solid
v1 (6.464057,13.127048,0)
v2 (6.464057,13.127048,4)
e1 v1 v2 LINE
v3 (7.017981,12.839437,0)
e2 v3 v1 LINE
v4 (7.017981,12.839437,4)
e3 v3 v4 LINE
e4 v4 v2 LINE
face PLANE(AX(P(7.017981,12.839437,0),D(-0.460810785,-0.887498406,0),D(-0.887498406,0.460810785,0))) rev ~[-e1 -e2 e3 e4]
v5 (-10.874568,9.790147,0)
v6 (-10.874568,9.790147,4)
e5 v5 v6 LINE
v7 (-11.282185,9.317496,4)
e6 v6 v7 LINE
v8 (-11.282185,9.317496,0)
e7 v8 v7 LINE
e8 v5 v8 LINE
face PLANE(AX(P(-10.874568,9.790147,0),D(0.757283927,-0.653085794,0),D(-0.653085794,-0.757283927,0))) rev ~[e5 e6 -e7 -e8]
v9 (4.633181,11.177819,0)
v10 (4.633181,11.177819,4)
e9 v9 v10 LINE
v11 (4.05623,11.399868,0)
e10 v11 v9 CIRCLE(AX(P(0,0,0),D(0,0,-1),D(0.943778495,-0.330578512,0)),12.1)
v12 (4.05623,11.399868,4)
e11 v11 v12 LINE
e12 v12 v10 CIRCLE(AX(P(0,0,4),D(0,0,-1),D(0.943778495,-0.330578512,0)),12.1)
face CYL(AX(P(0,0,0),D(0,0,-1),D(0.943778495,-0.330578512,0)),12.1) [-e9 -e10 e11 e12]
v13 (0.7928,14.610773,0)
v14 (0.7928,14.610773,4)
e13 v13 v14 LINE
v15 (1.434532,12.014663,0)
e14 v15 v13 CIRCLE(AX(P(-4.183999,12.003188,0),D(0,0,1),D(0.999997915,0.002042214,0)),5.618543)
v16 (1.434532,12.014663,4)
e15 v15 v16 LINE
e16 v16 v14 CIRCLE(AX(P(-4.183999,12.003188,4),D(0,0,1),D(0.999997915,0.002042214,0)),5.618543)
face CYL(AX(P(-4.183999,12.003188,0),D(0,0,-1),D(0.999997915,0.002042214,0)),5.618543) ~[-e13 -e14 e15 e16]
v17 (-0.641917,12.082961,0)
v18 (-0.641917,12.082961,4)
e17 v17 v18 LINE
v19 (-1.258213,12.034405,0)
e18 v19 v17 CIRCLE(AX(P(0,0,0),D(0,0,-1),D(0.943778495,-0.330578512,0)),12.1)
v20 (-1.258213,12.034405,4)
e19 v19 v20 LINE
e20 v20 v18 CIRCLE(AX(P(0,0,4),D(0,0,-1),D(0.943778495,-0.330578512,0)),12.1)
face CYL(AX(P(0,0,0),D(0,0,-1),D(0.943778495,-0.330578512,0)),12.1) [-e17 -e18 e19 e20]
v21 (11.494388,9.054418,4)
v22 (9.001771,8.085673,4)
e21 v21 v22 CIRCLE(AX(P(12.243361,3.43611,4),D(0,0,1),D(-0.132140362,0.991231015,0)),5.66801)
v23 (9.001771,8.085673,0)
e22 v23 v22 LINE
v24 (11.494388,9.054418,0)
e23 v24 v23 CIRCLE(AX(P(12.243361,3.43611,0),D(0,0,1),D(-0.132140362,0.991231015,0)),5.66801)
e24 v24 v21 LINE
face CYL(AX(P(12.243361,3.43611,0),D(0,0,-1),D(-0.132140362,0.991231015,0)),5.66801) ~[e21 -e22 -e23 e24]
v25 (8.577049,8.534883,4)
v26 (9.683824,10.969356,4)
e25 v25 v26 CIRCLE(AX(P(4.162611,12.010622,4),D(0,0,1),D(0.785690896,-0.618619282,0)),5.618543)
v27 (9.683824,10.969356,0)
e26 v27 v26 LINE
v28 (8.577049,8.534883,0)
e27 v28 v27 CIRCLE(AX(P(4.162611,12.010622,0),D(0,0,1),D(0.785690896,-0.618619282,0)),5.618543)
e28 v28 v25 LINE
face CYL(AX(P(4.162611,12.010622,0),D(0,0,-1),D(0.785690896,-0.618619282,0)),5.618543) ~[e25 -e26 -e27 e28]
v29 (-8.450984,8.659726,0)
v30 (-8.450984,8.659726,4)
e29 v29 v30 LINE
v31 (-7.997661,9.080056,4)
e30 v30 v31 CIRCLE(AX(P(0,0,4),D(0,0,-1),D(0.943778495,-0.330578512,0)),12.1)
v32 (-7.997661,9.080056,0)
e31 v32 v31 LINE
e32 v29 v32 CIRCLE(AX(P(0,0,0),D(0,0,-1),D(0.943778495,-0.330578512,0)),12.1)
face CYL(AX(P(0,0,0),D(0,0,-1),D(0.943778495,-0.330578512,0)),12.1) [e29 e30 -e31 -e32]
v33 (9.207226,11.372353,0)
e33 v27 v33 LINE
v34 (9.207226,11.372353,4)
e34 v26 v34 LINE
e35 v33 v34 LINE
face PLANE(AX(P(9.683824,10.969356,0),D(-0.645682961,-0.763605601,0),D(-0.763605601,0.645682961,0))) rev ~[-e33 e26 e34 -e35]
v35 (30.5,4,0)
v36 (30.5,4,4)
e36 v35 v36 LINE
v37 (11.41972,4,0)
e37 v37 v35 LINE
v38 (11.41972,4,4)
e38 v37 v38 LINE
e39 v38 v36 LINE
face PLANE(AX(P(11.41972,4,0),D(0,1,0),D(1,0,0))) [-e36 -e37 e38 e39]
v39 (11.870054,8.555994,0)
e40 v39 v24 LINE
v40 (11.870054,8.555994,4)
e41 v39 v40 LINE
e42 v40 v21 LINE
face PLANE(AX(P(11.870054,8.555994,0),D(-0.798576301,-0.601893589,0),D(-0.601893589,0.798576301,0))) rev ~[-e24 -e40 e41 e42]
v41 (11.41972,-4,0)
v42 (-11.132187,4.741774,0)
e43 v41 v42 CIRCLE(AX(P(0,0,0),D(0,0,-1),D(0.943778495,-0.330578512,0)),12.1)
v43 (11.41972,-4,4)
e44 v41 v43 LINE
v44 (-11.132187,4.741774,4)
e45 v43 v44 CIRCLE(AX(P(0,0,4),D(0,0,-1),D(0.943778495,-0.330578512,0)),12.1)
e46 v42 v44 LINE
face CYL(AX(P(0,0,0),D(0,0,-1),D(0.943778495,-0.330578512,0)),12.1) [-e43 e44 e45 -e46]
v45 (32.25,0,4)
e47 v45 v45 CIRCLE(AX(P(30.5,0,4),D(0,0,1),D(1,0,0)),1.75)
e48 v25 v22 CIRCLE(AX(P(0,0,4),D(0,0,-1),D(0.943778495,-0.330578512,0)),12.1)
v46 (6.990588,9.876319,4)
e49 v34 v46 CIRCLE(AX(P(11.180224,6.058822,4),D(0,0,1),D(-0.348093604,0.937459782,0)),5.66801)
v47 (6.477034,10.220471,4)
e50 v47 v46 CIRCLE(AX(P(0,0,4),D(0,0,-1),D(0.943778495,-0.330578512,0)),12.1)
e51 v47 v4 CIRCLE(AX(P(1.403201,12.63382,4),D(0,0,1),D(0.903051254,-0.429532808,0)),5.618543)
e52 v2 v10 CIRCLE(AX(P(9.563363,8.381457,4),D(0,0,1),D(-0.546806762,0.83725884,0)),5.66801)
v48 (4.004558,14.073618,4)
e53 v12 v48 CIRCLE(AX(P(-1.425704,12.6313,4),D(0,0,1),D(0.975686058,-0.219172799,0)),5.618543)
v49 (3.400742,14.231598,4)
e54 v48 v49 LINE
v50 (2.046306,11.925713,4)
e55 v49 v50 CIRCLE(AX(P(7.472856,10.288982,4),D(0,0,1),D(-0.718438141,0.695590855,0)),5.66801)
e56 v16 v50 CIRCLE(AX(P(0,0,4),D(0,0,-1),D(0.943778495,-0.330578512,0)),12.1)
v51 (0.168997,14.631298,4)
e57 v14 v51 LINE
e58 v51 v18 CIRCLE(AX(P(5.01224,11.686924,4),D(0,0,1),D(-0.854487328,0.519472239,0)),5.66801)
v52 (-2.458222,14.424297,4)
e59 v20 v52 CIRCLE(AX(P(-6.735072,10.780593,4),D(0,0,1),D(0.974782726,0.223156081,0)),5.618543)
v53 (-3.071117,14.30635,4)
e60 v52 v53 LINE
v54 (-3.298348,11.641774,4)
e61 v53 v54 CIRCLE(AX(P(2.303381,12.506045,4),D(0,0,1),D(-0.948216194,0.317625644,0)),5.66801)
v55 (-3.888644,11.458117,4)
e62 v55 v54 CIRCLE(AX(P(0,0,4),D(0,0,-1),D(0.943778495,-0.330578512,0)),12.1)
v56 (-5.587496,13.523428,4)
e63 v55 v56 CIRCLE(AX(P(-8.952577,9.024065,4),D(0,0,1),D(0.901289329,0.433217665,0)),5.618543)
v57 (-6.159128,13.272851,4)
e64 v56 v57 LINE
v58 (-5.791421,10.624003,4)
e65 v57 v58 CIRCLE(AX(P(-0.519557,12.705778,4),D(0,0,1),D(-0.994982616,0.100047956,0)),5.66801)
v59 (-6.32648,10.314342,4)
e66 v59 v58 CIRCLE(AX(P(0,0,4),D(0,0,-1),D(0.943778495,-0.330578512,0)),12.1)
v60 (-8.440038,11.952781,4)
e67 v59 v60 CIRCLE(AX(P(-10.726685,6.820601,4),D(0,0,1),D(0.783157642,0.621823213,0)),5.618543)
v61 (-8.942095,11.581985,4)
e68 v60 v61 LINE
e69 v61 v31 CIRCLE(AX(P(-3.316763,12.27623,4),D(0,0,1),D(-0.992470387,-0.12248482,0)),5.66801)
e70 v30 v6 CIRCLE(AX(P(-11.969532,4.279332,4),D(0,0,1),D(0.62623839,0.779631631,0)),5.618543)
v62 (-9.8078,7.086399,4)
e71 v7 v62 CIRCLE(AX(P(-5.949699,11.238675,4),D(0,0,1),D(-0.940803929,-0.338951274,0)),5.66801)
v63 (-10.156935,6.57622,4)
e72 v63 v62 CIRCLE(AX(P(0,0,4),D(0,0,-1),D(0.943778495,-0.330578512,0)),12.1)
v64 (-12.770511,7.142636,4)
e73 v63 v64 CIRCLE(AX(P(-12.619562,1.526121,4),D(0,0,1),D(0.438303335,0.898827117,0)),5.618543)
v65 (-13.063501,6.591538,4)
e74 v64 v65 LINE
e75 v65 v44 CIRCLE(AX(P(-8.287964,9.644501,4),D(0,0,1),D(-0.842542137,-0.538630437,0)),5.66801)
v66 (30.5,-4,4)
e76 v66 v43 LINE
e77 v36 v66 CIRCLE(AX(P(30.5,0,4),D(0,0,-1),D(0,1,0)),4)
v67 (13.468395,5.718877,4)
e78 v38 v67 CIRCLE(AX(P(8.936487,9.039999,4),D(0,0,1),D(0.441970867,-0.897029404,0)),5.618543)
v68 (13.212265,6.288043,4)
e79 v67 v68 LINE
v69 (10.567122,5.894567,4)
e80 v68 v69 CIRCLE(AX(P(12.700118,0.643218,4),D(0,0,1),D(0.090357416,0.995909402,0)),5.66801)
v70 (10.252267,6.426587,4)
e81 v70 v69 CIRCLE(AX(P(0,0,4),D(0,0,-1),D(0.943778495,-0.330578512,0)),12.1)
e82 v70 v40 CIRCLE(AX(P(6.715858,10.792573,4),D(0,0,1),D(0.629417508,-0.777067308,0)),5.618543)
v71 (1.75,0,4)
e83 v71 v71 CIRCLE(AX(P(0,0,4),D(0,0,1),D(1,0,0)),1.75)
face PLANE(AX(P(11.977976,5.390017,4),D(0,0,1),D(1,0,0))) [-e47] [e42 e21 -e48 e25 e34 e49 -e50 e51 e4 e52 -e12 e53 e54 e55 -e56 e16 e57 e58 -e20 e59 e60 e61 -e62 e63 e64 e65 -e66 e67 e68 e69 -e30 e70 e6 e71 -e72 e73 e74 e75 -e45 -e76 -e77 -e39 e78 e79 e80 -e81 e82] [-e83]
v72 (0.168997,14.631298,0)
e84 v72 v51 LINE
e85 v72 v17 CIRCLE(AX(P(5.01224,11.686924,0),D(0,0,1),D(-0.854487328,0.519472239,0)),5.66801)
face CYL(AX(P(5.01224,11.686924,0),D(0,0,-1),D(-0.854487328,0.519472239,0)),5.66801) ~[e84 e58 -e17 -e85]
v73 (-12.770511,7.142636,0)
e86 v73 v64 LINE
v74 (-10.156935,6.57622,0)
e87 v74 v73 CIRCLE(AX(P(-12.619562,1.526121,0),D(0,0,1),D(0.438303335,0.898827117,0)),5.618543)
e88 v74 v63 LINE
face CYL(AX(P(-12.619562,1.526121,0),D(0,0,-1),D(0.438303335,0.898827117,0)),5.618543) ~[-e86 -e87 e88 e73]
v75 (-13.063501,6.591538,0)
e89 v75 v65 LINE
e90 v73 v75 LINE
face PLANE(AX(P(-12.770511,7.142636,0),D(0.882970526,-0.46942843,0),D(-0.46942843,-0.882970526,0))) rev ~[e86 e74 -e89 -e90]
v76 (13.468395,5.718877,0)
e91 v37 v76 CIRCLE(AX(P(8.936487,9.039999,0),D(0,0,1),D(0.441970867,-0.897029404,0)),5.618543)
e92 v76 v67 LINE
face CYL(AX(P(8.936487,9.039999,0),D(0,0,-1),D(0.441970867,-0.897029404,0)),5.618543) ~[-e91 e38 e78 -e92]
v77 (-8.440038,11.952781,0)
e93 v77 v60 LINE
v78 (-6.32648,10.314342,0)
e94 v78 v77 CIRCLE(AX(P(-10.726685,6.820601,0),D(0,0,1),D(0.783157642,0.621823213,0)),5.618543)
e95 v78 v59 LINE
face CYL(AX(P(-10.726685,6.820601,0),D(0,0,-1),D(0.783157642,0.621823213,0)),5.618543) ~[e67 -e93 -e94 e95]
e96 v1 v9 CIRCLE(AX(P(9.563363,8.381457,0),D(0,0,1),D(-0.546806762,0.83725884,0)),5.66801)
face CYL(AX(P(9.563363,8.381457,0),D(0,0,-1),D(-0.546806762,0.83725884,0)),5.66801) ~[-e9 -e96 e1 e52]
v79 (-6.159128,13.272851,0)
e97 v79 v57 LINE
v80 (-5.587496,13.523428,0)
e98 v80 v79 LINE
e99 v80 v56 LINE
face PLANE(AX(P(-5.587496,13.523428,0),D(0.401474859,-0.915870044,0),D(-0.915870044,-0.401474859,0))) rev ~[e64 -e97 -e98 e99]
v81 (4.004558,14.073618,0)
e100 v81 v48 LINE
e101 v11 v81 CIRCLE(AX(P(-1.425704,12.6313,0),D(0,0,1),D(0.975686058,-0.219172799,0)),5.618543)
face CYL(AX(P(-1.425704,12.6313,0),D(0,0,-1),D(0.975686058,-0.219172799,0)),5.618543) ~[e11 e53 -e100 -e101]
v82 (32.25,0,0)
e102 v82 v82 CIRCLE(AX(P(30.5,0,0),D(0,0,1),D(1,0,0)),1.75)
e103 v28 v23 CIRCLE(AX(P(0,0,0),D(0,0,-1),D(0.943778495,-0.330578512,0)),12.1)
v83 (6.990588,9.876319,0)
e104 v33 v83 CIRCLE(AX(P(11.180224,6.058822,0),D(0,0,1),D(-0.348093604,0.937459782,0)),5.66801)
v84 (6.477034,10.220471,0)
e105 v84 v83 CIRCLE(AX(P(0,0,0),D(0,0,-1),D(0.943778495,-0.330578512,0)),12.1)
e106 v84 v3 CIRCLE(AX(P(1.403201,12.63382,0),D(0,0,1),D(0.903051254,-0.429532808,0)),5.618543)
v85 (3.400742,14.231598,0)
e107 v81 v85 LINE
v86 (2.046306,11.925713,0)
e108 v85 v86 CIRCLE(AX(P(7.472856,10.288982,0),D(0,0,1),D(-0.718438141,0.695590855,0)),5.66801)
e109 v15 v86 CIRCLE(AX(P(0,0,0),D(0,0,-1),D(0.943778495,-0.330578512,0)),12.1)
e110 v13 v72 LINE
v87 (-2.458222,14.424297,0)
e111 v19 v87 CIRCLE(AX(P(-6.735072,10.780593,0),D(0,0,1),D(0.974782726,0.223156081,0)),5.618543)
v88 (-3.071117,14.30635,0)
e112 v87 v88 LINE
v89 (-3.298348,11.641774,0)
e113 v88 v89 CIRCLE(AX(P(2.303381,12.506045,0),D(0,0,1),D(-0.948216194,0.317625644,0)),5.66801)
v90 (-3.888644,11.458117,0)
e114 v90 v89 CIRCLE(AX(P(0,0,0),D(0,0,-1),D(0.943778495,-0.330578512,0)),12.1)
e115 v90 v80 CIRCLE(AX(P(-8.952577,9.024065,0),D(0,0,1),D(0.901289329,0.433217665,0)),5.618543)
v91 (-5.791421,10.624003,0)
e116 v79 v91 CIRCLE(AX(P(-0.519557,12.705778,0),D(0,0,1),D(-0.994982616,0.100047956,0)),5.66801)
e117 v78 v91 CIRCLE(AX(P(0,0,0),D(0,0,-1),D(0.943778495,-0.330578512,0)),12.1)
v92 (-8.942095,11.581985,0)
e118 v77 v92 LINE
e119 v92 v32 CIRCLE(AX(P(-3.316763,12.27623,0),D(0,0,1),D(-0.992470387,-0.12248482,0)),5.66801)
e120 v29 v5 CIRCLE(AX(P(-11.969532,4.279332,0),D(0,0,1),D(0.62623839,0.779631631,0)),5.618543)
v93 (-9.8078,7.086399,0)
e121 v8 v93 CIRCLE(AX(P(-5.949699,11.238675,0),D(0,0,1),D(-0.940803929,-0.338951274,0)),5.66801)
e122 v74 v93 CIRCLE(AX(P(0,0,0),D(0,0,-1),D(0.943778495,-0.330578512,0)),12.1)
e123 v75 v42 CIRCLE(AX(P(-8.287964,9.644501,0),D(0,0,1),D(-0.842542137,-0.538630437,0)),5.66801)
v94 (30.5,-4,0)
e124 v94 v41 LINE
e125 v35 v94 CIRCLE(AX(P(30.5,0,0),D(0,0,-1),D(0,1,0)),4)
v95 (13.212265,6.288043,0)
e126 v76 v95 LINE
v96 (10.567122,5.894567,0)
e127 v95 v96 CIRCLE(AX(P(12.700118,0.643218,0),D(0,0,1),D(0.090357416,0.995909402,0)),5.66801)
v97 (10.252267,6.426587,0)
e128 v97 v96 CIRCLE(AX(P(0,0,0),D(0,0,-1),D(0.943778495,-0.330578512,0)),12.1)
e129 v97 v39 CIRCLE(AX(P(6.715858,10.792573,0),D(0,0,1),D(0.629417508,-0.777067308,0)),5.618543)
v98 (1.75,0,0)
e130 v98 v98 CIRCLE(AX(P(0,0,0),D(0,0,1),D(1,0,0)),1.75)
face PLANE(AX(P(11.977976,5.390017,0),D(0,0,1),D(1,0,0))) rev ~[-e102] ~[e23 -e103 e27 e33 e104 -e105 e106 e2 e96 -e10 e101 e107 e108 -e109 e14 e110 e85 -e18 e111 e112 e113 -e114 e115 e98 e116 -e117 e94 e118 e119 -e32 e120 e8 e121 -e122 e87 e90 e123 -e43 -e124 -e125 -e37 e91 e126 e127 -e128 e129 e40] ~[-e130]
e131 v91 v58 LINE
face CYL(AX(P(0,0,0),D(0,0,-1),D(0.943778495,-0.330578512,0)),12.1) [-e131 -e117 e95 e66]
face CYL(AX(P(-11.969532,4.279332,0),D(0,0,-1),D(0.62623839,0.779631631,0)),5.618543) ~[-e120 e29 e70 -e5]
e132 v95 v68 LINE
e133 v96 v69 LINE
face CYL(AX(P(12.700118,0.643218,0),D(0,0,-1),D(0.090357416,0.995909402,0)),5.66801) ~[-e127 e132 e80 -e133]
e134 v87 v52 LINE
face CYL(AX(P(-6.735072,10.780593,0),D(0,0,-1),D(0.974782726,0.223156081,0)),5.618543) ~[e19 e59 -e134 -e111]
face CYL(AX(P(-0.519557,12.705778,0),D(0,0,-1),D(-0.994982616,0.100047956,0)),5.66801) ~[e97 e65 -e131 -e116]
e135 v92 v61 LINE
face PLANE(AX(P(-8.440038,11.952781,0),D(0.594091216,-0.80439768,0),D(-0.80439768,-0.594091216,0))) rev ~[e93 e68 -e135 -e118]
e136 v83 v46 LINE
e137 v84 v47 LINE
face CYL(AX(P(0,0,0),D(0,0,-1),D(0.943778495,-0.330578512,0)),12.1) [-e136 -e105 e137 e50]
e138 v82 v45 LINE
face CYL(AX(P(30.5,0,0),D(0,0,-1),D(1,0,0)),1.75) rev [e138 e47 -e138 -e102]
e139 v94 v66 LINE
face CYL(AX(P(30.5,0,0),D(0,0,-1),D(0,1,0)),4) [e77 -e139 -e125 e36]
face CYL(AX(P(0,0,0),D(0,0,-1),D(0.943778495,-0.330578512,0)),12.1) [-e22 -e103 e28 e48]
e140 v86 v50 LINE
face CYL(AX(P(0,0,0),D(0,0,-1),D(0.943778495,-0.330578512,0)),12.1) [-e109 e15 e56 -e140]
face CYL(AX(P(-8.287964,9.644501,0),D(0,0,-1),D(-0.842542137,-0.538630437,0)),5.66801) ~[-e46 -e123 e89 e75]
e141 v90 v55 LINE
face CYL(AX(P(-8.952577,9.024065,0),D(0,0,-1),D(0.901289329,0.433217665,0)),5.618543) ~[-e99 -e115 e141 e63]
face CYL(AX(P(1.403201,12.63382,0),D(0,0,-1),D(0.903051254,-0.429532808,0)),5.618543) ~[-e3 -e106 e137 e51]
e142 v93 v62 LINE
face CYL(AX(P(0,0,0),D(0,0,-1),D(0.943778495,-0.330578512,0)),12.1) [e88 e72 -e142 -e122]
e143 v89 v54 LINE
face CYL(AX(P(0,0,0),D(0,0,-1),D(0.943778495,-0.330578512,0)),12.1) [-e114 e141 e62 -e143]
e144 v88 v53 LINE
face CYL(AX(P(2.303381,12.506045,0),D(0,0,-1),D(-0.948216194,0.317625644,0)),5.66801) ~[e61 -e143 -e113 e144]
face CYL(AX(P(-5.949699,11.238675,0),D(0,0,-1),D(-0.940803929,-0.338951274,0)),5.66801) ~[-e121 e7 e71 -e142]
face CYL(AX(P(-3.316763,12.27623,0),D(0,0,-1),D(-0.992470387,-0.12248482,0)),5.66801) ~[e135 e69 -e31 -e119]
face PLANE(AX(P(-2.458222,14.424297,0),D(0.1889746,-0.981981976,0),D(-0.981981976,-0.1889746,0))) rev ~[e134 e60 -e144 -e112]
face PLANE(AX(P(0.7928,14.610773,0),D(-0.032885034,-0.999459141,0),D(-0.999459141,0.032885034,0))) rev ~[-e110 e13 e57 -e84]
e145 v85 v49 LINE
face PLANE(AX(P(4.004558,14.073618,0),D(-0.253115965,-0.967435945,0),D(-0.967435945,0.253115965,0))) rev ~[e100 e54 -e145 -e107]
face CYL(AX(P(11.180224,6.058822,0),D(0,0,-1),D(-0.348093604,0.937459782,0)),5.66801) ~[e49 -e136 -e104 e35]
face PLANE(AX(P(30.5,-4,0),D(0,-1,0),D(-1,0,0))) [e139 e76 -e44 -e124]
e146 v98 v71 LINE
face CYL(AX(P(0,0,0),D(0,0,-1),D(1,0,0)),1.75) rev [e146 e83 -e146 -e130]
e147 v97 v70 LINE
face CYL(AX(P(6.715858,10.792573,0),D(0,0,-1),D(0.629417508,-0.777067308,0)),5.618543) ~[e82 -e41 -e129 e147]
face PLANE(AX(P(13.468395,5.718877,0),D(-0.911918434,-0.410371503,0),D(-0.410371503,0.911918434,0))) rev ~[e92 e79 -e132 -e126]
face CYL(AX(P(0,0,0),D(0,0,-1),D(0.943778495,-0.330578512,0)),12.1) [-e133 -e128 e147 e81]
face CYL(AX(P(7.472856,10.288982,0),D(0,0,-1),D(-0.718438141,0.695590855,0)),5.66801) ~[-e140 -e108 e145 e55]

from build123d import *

# Parameters (mm, degrees)
SKETCH1_R           = 1.75
BOSS_EXTRUDE2_DEPTH = 4


with BuildPart() as part:
    # Sketch1 → Boss-Extrude2 (new body)
    # profile 1 of 12: a face of its own
    with BuildSketch(Plane.XY):
        with BuildLine():
            Line((30.5, -4), (11.419719786, -4))
            ThreePointArc((11.419719786, -4), (-12.1, 0), (11.419719786, 4))
            Line((11.419719786, 4), (30.5, 4))
            ThreePointArc((30.5, 4), (34.5, 0), (30.5, -4))
        make_face()
        Circle(SKETCH1_R, mode=Mode.SUBTRACT)
        with Locations((30.5, 0)):
            Circle(SKETCH1_R, mode=Mode.SUBTRACT)
    # profile 2 of 12: a face of its own
    with BuildSketch(Plane.XY):
        with BuildLine():
            ThreePointArc((2.04630572, 11.925713098), (3.062574606, 11.706008576), (4.056229837, 11.399868399))
            ThreePointArc((4.056229837, 11.399868399), (4.191789848, 12.739862338), (4.004557713, 14.073618088))
            Line((4.004557713, 14.073618088), (3.400741544, 14.231598069))
            ThreePointArc((3.400741544, 14.231598069), (2.585583316, 13.159679272), (2.04630572, 11.925713098))
        make_face()
    # profile 3 of 12: a face of its own
    with BuildSketch(Plane.XY):
        with BuildLine():
            ThreePointArc((-0.641917286, 12.082960821), (0.397776079, 12.093459976), (1.434532317, 12.014662585))
            ThreePointArc((1.434532317, 12.014662585), (1.27037575, 13.351454601), (0.792800193, 14.610772615))
            Line((0.792800193, 14.610772615), (0.168997044, 14.631297504))
            ThreePointArc((0.168997044, 14.631297504), (-0.388904138, 13.405638858), (-0.641917286, 12.082960821))
        make_face()
    # profile 4 of 12: a face of its own
    with BuildSketch(Plane.XY):
        with BuildLine():
            ThreePointArc((-3.071117398, 14.306350498), (-3.344130279, 12.987655382), (-3.298347959, 11.641773952))
            ThreePointArc((-3.298347959, 11.641773952), (-2.286723162, 11.881956791), (-1.258213497, 12.034404796))
            ThreePointArc((-1.258213497, 12.034404796), (-1.713956435, 13.301787393), (-2.458222459, 14.424297241))
            Line((-2.458222459, 14.424297241), (-3.071117398, 14.306350498))
        make_face()
    # profile 5 of 12: a face of its own
    with BuildSketch(Plane.XY):
        with BuildLine():
            ThreePointArc((-6.159128153, 13.272850751), (-6.133731183, 11.926430371), (-5.791420864, 10.624003218))
            ThreePointArc((-5.791420864, 10.624003218), (-4.857967527, 11.08197417), (-3.888643585, 11.458117257))
            ThreePointArc((-3.888643585, 11.458117257), (-4.613401246, 12.593320589), (-5.587496363, 13.523427559))
            Line((-5.587496363, 13.523427559), (-6.159128153, 13.272850751))
        make_face()
    # profile 6 of 12: a face of its own
    with BuildSketch(Plane.XY):
        with BuildLine():
            ThreePointArc((-8.942094855, 11.581984556), (-8.619545875, 10.274523276), (-7.997661209, 9.080055902))
            ThreePointArc((-7.997661209, 9.080055902), (-7.188610613, 9.733132972), (-6.326480245, 10.314341845))
            ThreePointArc((-6.326480245, 10.314341845), (-7.28435745, 11.261142529), (-8.440037507, 11.952781076))
            Line((-8.440037507, 11.952781076), (-8.942094855, 11.581984556))
        make_face()
    # profile 7 of 12: a face of its own
    with BuildSketch(Plane.XY):
        with BuildLine():
            ThreePointArc((-11.2821851, 9.317495695), (-10.67845904, 8.113748343), (-9.807800202, 7.086399311))
            ThreePointArc((-9.807800202, 7.086399311), (-9.163222316, 7.902237454), (-8.450984381, 8.659726496))
            ThreePointArc((-8.450984381, 8.659726496), (-9.594540202, 9.371232193), (-10.874567661, 9.790147432))
            Line((-10.874567661, 9.790147432), (-11.2821851, 9.317495695))
        make_face()
    # profile 8 of 12: a face of its own
    with BuildSketch(Plane.XY):
        with BuildLine():
            ThreePointArc((-13.06350089, 6.591537844), (-12.208498581, 5.551122593), (-11.13218682, 4.741773571))
            ThreePointArc((-11.13218682, 4.741773571), (-10.684005749, 5.67996665), (-10.15693536, 6.576219589))
            ThreePointArc((-10.15693536, 6.576219589), (-11.42953274, 7.017191451), (-12.770511491, 7.142635705))
            Line((-12.770511491, 7.142635705), (-13.06350089, 6.591537844))
        make_face()
    # profile 9 of 12: a face of its own
    with BuildSketch(Plane.XY):
        with BuildLine():
            ThreePointArc((4.633181039, 11.177818815), (5.575692546, 10.738791954), (6.47703386, 10.22047124))
            ThreePointArc((6.47703386, 10.22047124), (6.905596548, 11.497301024), (7.017980909, 12.839437391))
            Line((7.017980909, 12.839437391), (6.464057014, 13.127048167))
            ThreePointArc((6.464057014, 13.127048167), (5.432014202, 12.2619583), (4.633181039, 11.177818815))
        make_face()
    # profile 10 of 12: a face of its own
    with BuildSketch(Plane.XY):
        with BuildLine():
            ThreePointArc((6.990588114, 9.876319042), (7.812662335, 9.239713591), (8.577048867, 8.534883288))
            ThreePointArc((8.577048867, 8.534883288), (9.277388744, 9.685311177), (9.683823524, 10.969355975))
            Line((9.683823524, 10.969355975), (9.207226173, 11.372353004))
            ThreePointArc((9.207226173, 11.372353004), (8.009412915, 10.7569375), (6.990588114, 9.876319042))
        make_face()
    # profile 11 of 12: a face of its own
    with BuildSketch(Plane.XY):
        with BuildLine():
            ThreePointArc((9.001771295, 8.085673352), (9.662693238, 7.283018563), (10.252267103, 6.426586905))
            ThreePointArc((10.252267103, 6.426586905), (11.189698333, 7.393635488), (11.870053976, 8.555993639))
            Line((11.870053976, 8.555993639), (11.494387677, 9.054417628))
            ThreePointArc((11.494387677, 9.054417628), (10.190128247, 8.719156263), (9.001771295, 8.085673352))
        make_face()
    # profile 12 of 12: a face of its own
    with BuildSketch(Plane.XY):
        with BuildLine():
            ThreePointArc((10.567122415, 5.894567319), (11.034158501, 4.965616394), (11.419719786, 4))
            ThreePointArc((11.419719786, 4), (12.547814073, 4.735774119), (13.468394505, 5.718877338))
            Line((13.468394505, 5.718877338), (13.212264939, 6.288042768))
            ThreePointArc((13.212264939, 6.288042768), (11.866155587, 6.249540081), (10.567122415, 5.894567319))
        make_face()
    extrude(amount=BOSS_EXTRUDE2_DEPTH)


solid = part.part
